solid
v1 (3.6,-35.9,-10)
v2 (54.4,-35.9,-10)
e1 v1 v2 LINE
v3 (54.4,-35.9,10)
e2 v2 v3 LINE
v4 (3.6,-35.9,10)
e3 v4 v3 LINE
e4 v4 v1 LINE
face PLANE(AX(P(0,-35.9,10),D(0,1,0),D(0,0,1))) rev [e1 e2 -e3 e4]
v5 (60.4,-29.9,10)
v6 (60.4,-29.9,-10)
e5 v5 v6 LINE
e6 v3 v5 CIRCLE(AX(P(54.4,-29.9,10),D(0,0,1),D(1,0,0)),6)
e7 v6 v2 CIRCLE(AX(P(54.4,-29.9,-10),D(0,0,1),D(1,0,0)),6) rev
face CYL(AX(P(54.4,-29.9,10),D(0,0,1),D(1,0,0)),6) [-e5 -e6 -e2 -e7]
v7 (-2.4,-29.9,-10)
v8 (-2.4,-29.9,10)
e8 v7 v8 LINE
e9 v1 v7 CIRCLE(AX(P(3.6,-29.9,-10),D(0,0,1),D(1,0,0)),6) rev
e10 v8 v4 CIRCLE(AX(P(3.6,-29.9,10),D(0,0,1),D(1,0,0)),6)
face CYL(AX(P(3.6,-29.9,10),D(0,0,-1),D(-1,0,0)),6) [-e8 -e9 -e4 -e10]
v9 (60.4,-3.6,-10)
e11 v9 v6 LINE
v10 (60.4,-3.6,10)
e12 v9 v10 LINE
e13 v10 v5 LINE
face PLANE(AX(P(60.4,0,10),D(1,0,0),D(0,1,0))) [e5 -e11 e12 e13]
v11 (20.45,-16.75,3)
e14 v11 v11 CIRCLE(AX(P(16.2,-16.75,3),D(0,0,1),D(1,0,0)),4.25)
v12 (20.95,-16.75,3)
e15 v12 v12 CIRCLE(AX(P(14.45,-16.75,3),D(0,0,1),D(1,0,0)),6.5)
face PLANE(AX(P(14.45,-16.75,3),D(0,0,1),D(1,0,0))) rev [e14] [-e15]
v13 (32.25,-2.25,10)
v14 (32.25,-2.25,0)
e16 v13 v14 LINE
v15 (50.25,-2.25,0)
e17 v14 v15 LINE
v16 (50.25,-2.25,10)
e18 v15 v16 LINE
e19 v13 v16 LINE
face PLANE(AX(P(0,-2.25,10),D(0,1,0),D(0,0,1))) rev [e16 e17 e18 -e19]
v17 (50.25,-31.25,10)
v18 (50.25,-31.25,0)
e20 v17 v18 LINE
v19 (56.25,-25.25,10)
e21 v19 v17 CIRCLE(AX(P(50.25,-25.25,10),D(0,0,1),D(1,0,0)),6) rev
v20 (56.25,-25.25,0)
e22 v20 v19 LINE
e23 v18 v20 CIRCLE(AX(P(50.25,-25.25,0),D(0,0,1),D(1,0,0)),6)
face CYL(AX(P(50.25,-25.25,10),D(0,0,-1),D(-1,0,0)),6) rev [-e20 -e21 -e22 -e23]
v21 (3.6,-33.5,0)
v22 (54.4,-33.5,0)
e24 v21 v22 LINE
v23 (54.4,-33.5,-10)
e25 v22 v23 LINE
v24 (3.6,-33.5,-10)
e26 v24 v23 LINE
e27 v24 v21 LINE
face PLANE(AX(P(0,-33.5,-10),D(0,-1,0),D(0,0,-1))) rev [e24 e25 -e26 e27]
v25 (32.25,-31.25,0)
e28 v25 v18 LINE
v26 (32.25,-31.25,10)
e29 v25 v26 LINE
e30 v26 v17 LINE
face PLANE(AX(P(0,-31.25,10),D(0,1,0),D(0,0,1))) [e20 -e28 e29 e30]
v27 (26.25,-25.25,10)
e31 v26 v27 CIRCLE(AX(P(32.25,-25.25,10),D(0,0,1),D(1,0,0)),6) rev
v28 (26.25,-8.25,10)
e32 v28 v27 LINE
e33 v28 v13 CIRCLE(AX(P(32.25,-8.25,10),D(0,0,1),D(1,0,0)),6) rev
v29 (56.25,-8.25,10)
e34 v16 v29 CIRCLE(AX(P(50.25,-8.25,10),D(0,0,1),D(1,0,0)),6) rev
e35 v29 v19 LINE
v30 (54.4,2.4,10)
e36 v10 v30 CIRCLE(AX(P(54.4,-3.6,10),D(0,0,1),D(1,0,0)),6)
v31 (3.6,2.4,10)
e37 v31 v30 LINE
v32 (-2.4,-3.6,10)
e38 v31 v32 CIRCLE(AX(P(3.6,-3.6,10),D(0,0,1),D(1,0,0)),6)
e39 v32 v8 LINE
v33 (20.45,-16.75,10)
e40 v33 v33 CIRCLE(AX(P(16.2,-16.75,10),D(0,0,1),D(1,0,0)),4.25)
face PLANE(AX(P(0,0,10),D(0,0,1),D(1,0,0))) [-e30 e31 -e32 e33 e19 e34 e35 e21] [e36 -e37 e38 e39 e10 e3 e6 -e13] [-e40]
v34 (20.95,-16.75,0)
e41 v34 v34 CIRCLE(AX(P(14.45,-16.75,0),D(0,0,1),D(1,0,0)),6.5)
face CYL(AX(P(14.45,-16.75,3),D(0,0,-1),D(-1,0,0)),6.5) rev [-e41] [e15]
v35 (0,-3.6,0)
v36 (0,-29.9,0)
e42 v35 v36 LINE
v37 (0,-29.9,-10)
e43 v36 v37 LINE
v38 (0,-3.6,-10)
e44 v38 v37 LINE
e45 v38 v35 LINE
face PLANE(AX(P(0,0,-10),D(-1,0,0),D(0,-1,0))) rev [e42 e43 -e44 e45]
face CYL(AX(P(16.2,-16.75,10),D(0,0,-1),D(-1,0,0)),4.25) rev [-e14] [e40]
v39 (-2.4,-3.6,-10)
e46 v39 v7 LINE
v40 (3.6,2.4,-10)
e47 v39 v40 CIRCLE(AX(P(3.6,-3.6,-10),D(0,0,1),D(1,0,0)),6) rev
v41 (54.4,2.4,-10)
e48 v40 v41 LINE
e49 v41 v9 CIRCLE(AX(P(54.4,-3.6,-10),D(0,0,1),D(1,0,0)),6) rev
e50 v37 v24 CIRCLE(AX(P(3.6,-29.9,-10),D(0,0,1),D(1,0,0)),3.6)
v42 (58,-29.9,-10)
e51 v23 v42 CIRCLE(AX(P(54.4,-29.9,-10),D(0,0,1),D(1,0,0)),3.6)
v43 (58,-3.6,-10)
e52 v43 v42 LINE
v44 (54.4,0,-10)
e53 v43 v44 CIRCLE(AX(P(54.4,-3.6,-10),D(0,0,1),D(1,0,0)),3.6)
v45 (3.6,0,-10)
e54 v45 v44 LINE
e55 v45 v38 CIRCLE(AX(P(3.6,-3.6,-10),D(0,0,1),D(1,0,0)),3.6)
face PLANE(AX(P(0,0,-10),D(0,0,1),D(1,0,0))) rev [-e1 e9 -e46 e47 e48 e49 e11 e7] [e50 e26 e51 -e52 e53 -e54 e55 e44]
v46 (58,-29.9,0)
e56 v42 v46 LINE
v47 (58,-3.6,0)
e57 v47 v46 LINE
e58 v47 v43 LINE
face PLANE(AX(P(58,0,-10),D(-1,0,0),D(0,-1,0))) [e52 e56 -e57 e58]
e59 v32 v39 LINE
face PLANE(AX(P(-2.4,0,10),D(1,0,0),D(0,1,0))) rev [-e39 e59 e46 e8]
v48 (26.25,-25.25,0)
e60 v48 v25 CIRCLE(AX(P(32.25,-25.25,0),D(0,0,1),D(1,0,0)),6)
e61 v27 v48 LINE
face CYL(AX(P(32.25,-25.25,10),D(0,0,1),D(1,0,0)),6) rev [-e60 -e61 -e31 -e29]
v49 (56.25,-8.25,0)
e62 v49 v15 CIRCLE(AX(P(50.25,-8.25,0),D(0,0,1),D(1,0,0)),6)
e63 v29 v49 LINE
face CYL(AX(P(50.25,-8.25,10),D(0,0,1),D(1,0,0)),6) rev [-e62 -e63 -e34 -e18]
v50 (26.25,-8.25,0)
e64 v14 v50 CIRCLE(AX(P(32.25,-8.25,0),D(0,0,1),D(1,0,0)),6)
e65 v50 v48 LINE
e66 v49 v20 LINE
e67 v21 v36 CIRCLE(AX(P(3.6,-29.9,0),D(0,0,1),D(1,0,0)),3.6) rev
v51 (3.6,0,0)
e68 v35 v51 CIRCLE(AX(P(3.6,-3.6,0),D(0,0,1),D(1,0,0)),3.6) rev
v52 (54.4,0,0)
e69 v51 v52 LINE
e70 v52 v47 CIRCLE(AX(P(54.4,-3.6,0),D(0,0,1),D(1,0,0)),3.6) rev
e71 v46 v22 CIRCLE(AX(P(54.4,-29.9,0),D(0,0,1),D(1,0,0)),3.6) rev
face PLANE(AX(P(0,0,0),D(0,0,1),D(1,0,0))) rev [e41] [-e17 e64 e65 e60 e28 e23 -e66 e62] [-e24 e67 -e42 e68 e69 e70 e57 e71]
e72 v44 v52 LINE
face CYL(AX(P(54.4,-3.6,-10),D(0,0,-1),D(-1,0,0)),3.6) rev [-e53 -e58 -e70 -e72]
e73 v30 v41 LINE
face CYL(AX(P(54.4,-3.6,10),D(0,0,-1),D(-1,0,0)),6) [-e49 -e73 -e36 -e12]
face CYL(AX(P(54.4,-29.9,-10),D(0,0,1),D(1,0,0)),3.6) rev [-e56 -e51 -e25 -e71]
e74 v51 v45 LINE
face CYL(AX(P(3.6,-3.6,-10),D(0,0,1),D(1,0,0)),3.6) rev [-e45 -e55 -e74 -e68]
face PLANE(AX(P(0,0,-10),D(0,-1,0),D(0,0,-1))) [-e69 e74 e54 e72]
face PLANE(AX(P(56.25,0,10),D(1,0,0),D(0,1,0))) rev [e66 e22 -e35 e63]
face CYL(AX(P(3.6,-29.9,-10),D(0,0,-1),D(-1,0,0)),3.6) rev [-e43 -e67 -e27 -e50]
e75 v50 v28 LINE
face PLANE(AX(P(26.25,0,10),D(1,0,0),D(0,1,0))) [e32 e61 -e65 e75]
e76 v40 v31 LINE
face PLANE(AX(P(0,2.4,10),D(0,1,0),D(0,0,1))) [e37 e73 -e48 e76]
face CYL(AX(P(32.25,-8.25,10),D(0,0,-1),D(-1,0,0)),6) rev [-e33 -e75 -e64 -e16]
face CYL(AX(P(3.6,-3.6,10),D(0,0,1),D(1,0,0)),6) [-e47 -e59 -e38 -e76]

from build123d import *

# Parameters (mm, degrees)
SKETCH2_W           = 62.8
SKETCH2_H           = 38.3
SKETCH2_R           = 4.25
SKETCH2_W_2         = 30
SKETCH2_H_2         = 29
BOSS_EXTRUDE1_DEPTH = 10
SKETCH2_3_W         = 62.8
SKETCH2_3_H         = 38.3
SKETCH2_3_W_2       = 58
SKETCH2_3_H_2       = 33.5
BOSS_EXTRUDE2_DEPTH = 10
SKETCH2_4_R         = 6.5
CUT_EXTRUDE1_DEPTH  = 3
FILLET1_R           = 3.6
FILLET2_R           = 6


with BuildPart() as part:
    # Sketch2 → Boss-Extrude1 (new body)
    with BuildSketch(Plane.XY):
        with Locations((29, -16.75)):
            Rectangle(SKETCH2_W, SKETCH2_H)
        with Locations((16.2, -16.75)):
            Circle(SKETCH2_R, mode=Mode.SUBTRACT)
        with Locations((41.25, -16.75)):
            Rectangle(SKETCH2_W_2, SKETCH2_H_2, mode=Mode.SUBTRACT)
    extrude(amount=BOSS_EXTRUDE1_DEPTH)

    # Sketch2<3> → Boss-Extrude2 (add)
    with BuildSketch(Plane.XY):
        with Locations((29, -16.75)):
            Rectangle(SKETCH2_3_W, SKETCH2_3_H)
        with Locations((29, -16.75)):
            Rectangle(SKETCH2_3_W_2, SKETCH2_3_H_2, mode=Mode.SUBTRACT)
    extrude(amount=-BOSS_EXTRUDE2_DEPTH)

    # Sketch2<4> → Cut-Extrude1 (cut)
    with BuildSketch(Plane.XY):
        with Locations((14.45, -16.75)):
            Circle(SKETCH2_4_R)
    extrude(amount=CUT_EXTRUDE1_DEPTH, mode=Mode.SUBTRACT)

    # Fillet1
    fillet1_edges = [part.edges().sort_by_distance(p)[0] for p in [
        (58, 0, -5),
        (0, 0, -5),
        (0, -33.5, -5),
        (58, -33.5, -5),
    ]]
    fillet(fillet1_edges, radius=FILLET1_R)

    # Fillet2
    fillet2_edges = [part.edges().sort_by_distance(p)[0] for p in [
        (26.25, -2.25, 5),
        (26.25, -31.25, 5),
        (56.25, -31.25, 5),
        (56.25, -2.25, 5),
        (60.4, -35.9, 0),
        (-2.4, -35.9, 0),
        (-2.4, 2.4, 0),
        (60.4, 2.4, 0),
    ]]
    fillet(fillet2_edges, radius=FILLET2_R)


solid = part.part
